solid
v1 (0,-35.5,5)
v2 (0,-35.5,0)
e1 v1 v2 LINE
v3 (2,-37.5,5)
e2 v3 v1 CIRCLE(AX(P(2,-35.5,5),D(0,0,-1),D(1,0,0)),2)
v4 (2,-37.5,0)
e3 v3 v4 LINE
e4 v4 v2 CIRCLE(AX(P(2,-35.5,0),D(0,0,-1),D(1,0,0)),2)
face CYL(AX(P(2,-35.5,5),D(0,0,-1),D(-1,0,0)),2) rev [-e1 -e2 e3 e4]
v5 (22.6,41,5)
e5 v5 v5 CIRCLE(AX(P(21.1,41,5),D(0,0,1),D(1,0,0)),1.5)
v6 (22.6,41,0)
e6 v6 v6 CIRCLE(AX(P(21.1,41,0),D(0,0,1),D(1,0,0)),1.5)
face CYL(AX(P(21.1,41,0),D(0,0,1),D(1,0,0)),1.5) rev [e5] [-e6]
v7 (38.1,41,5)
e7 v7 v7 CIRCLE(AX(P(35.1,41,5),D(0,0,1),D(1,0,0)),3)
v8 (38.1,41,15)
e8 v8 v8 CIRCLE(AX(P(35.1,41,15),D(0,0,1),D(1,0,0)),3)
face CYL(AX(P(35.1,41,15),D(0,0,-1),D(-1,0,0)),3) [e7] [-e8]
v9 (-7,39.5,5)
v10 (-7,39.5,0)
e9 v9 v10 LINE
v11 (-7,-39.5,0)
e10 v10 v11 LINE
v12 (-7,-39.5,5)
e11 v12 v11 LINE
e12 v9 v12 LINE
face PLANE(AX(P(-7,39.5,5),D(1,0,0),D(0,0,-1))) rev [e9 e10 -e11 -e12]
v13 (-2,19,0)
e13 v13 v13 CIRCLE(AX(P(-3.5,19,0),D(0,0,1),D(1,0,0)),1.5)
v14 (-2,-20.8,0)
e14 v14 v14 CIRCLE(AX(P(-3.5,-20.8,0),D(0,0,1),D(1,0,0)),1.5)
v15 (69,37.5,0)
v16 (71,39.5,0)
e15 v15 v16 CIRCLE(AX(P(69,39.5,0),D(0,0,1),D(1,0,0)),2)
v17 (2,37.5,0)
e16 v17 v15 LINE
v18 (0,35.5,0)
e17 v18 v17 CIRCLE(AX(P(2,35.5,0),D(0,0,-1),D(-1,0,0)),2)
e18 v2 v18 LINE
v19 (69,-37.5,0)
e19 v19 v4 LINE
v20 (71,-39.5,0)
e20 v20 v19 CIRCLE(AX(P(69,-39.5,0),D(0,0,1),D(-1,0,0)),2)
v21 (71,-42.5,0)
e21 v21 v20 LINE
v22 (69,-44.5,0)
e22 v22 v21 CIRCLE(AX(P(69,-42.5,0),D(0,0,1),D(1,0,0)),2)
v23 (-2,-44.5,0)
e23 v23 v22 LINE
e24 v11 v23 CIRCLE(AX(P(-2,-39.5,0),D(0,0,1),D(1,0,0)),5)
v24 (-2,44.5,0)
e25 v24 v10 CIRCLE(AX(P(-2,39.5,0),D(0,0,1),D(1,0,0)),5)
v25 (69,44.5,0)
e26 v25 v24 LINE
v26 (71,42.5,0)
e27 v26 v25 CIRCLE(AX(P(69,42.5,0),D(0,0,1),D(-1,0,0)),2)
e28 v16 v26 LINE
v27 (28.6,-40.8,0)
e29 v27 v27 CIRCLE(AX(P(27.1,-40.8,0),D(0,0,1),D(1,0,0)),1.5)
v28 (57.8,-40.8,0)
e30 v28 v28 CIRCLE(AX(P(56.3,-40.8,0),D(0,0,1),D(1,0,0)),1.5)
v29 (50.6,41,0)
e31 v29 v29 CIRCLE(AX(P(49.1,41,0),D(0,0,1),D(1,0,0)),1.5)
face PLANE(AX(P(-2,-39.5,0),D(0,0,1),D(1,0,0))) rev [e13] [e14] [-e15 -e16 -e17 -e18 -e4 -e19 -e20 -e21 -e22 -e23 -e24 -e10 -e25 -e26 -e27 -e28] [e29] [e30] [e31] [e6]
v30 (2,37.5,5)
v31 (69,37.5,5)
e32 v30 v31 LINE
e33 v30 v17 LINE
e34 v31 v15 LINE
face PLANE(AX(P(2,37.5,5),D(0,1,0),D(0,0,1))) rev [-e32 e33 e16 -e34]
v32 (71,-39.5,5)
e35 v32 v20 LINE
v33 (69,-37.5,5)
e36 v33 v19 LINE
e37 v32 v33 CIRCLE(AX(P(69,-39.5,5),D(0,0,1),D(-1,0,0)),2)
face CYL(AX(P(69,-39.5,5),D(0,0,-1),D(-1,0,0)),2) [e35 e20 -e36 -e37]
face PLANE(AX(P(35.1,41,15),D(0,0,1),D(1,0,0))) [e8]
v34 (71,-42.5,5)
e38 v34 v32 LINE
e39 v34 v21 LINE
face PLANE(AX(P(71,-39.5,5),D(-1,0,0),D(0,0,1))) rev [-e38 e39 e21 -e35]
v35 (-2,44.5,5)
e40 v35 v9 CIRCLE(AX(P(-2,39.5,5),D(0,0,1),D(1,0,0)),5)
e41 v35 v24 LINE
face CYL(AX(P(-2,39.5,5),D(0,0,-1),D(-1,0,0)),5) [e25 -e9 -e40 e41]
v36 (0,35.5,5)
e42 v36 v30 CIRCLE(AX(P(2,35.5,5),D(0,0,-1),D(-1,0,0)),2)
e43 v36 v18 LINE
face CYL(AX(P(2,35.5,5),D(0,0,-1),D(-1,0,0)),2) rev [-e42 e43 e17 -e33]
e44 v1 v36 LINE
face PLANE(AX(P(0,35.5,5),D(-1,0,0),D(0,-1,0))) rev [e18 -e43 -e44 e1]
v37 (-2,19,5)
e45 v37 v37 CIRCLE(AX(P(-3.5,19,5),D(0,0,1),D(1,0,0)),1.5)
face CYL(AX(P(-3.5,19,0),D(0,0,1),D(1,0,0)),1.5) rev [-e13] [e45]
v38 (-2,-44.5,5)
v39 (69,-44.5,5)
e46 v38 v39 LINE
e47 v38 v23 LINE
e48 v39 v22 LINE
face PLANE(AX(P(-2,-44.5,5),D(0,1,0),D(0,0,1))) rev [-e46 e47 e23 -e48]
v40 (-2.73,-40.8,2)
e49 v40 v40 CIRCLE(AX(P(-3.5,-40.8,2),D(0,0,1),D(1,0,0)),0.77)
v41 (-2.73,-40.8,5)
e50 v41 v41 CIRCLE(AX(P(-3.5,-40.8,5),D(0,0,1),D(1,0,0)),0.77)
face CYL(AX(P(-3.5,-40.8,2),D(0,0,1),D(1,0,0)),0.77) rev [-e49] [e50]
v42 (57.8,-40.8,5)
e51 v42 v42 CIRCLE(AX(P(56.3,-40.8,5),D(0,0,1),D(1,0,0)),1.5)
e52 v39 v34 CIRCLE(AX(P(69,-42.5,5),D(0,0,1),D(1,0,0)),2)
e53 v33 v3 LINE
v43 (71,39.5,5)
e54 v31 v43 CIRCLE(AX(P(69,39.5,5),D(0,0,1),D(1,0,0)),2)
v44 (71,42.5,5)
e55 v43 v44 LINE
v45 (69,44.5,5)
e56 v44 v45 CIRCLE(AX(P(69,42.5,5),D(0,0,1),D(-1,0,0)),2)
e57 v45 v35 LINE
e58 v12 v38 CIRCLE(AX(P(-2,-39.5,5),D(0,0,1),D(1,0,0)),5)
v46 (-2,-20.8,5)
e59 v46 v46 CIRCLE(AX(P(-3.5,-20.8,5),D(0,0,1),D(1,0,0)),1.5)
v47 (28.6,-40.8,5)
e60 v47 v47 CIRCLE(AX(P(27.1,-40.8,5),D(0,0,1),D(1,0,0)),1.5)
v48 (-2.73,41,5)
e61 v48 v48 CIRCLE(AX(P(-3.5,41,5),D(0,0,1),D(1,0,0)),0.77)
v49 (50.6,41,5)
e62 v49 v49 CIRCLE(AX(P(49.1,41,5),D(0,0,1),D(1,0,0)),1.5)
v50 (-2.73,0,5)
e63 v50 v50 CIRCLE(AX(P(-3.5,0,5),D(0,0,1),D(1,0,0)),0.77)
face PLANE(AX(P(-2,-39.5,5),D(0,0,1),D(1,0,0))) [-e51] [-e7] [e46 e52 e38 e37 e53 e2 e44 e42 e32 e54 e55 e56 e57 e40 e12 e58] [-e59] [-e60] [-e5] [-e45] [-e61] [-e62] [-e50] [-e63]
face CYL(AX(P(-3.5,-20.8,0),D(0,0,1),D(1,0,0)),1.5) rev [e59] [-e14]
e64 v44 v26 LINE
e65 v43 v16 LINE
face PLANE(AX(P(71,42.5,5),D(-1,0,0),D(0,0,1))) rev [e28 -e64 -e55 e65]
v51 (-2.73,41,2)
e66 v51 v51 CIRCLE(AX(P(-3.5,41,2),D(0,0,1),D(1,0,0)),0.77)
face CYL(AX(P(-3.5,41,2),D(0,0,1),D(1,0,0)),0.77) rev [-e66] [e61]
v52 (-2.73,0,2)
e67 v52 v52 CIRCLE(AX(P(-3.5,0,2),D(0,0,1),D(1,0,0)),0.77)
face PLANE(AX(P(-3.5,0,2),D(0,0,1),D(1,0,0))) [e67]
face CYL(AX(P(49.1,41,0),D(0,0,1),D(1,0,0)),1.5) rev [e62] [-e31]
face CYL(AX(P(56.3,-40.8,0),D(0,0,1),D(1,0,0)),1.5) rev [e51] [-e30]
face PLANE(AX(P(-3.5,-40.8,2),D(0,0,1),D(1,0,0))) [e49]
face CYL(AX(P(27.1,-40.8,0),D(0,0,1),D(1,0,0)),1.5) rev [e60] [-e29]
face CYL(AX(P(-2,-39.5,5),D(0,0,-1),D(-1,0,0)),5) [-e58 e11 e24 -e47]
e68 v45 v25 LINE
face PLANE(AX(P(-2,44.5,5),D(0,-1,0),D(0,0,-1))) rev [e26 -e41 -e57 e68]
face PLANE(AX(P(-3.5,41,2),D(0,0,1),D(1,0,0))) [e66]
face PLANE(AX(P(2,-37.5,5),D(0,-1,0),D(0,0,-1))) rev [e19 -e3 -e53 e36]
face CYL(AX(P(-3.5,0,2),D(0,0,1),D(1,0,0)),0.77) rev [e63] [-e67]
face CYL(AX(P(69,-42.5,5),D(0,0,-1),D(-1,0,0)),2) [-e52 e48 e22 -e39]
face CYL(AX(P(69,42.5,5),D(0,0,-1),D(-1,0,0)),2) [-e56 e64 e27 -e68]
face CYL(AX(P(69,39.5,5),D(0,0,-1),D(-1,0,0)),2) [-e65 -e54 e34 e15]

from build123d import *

# Parameters (mm, degrees)
BOSS_EXTRUDE1_DEPTH = 5
SKETCH2_R           = 3
BOSS_EXTRUDE2_DEPTH = 10
SKETCH3_R           = 1.5
CUT_EXTRUDE1_DEPTH  = 6
SKETCH4_R           = 0.77
CUT_EXTRUDE2_DEPTH  = 3


with BuildPart() as part:
    # Sketch1 → Boss-Extrude1 (new body)
    with BuildSketch(Plane.XY):
        with BuildLine():
            Line((0, 35.5), (0, -35.5))
            ThreePointArc((0, -35.5), (0.585786438, -36.914213562), (2, -37.5))
            Line((2, -37.5), (69, -37.5))
            ThreePointArc((69, -37.5), (70.414213562, -38.085786438), (71, -39.5))
            Line((71, -39.5), (71, -42.5))
            ThreePointArc((71, -42.5), (70.414213562, -43.914213562), (69, -44.5))
            Line((69, -44.5), (-2, -44.5))
            ThreePointArc((-2, -44.5), (-5.535533906, -43.035533906), (-7, -39.5))
            Line((-7, -39.5), (-7, 39.5))
            ThreePointArc((-7, 39.5), (-5.535533906, 43.035533906), (-2, 44.5))
            Line((-2, 44.5), (69, 44.5))
            ThreePointArc((69, 44.5), (70.414213562, 43.914213562), (71, 42.5))
            Line((71, 42.5), (71, 39.5))
            ThreePointArc((71, 39.5), (70.414213562, 38.085786438), (69, 37.5))
            Line((69, 37.5), (2, 37.5))
            ThreePointArc((2, 37.5), (0.585786438, 36.914213562), (0, 35.5))
        make_face()
    extrude(amount=BOSS_EXTRUDE1_DEPTH)

    # Sketch2 → Boss-Extrude2 (add)
    with BuildSketch(Plane.XY.offset(5)):
        with Locations((35.1, 41)):
            Circle(SKETCH2_R)
    extrude(amount=BOSS_EXTRUDE2_DEPTH)

    # Sketch3 → Cut-Extrude1 (cut, through all)
    with BuildSketch(Plane.XY.offset(5)):
        with Locations((49.1, 41)):
            Circle(SKETCH3_R)
        with Locations((21.1, 41)):
            Circle(SKETCH3_R)
        with Locations((-3.5, 19)):
            Circle(SKETCH3_R)
        with Locations((-3.5, -20.8)):
            Circle(SKETCH3_R)
        with Locations((27.1, -40.8)):
            Circle(SKETCH3_R)
        with Locations((56.3, -40.8)):
            Circle(SKETCH3_R)
    extrude(amount=-CUT_EXTRUDE1_DEPTH, mode=Mode.SUBTRACT)

    # Sketch4 → Cut-Extrude2 (cut)
    with BuildSketch(Plane.XY.offset(5)):
        with Locations((-3.5, 0)):
            Circle(SKETCH4_R)
        with Locations((-3.5, 41)):
            Circle(SKETCH4_R)
        with Locations((-3.5, -40.8)):
            Circle(SKETCH4_R)
    extrude(amount=-CUT_EXTRUDE2_DEPTH, mode=Mode.SUBTRACT)


solid = part.part
